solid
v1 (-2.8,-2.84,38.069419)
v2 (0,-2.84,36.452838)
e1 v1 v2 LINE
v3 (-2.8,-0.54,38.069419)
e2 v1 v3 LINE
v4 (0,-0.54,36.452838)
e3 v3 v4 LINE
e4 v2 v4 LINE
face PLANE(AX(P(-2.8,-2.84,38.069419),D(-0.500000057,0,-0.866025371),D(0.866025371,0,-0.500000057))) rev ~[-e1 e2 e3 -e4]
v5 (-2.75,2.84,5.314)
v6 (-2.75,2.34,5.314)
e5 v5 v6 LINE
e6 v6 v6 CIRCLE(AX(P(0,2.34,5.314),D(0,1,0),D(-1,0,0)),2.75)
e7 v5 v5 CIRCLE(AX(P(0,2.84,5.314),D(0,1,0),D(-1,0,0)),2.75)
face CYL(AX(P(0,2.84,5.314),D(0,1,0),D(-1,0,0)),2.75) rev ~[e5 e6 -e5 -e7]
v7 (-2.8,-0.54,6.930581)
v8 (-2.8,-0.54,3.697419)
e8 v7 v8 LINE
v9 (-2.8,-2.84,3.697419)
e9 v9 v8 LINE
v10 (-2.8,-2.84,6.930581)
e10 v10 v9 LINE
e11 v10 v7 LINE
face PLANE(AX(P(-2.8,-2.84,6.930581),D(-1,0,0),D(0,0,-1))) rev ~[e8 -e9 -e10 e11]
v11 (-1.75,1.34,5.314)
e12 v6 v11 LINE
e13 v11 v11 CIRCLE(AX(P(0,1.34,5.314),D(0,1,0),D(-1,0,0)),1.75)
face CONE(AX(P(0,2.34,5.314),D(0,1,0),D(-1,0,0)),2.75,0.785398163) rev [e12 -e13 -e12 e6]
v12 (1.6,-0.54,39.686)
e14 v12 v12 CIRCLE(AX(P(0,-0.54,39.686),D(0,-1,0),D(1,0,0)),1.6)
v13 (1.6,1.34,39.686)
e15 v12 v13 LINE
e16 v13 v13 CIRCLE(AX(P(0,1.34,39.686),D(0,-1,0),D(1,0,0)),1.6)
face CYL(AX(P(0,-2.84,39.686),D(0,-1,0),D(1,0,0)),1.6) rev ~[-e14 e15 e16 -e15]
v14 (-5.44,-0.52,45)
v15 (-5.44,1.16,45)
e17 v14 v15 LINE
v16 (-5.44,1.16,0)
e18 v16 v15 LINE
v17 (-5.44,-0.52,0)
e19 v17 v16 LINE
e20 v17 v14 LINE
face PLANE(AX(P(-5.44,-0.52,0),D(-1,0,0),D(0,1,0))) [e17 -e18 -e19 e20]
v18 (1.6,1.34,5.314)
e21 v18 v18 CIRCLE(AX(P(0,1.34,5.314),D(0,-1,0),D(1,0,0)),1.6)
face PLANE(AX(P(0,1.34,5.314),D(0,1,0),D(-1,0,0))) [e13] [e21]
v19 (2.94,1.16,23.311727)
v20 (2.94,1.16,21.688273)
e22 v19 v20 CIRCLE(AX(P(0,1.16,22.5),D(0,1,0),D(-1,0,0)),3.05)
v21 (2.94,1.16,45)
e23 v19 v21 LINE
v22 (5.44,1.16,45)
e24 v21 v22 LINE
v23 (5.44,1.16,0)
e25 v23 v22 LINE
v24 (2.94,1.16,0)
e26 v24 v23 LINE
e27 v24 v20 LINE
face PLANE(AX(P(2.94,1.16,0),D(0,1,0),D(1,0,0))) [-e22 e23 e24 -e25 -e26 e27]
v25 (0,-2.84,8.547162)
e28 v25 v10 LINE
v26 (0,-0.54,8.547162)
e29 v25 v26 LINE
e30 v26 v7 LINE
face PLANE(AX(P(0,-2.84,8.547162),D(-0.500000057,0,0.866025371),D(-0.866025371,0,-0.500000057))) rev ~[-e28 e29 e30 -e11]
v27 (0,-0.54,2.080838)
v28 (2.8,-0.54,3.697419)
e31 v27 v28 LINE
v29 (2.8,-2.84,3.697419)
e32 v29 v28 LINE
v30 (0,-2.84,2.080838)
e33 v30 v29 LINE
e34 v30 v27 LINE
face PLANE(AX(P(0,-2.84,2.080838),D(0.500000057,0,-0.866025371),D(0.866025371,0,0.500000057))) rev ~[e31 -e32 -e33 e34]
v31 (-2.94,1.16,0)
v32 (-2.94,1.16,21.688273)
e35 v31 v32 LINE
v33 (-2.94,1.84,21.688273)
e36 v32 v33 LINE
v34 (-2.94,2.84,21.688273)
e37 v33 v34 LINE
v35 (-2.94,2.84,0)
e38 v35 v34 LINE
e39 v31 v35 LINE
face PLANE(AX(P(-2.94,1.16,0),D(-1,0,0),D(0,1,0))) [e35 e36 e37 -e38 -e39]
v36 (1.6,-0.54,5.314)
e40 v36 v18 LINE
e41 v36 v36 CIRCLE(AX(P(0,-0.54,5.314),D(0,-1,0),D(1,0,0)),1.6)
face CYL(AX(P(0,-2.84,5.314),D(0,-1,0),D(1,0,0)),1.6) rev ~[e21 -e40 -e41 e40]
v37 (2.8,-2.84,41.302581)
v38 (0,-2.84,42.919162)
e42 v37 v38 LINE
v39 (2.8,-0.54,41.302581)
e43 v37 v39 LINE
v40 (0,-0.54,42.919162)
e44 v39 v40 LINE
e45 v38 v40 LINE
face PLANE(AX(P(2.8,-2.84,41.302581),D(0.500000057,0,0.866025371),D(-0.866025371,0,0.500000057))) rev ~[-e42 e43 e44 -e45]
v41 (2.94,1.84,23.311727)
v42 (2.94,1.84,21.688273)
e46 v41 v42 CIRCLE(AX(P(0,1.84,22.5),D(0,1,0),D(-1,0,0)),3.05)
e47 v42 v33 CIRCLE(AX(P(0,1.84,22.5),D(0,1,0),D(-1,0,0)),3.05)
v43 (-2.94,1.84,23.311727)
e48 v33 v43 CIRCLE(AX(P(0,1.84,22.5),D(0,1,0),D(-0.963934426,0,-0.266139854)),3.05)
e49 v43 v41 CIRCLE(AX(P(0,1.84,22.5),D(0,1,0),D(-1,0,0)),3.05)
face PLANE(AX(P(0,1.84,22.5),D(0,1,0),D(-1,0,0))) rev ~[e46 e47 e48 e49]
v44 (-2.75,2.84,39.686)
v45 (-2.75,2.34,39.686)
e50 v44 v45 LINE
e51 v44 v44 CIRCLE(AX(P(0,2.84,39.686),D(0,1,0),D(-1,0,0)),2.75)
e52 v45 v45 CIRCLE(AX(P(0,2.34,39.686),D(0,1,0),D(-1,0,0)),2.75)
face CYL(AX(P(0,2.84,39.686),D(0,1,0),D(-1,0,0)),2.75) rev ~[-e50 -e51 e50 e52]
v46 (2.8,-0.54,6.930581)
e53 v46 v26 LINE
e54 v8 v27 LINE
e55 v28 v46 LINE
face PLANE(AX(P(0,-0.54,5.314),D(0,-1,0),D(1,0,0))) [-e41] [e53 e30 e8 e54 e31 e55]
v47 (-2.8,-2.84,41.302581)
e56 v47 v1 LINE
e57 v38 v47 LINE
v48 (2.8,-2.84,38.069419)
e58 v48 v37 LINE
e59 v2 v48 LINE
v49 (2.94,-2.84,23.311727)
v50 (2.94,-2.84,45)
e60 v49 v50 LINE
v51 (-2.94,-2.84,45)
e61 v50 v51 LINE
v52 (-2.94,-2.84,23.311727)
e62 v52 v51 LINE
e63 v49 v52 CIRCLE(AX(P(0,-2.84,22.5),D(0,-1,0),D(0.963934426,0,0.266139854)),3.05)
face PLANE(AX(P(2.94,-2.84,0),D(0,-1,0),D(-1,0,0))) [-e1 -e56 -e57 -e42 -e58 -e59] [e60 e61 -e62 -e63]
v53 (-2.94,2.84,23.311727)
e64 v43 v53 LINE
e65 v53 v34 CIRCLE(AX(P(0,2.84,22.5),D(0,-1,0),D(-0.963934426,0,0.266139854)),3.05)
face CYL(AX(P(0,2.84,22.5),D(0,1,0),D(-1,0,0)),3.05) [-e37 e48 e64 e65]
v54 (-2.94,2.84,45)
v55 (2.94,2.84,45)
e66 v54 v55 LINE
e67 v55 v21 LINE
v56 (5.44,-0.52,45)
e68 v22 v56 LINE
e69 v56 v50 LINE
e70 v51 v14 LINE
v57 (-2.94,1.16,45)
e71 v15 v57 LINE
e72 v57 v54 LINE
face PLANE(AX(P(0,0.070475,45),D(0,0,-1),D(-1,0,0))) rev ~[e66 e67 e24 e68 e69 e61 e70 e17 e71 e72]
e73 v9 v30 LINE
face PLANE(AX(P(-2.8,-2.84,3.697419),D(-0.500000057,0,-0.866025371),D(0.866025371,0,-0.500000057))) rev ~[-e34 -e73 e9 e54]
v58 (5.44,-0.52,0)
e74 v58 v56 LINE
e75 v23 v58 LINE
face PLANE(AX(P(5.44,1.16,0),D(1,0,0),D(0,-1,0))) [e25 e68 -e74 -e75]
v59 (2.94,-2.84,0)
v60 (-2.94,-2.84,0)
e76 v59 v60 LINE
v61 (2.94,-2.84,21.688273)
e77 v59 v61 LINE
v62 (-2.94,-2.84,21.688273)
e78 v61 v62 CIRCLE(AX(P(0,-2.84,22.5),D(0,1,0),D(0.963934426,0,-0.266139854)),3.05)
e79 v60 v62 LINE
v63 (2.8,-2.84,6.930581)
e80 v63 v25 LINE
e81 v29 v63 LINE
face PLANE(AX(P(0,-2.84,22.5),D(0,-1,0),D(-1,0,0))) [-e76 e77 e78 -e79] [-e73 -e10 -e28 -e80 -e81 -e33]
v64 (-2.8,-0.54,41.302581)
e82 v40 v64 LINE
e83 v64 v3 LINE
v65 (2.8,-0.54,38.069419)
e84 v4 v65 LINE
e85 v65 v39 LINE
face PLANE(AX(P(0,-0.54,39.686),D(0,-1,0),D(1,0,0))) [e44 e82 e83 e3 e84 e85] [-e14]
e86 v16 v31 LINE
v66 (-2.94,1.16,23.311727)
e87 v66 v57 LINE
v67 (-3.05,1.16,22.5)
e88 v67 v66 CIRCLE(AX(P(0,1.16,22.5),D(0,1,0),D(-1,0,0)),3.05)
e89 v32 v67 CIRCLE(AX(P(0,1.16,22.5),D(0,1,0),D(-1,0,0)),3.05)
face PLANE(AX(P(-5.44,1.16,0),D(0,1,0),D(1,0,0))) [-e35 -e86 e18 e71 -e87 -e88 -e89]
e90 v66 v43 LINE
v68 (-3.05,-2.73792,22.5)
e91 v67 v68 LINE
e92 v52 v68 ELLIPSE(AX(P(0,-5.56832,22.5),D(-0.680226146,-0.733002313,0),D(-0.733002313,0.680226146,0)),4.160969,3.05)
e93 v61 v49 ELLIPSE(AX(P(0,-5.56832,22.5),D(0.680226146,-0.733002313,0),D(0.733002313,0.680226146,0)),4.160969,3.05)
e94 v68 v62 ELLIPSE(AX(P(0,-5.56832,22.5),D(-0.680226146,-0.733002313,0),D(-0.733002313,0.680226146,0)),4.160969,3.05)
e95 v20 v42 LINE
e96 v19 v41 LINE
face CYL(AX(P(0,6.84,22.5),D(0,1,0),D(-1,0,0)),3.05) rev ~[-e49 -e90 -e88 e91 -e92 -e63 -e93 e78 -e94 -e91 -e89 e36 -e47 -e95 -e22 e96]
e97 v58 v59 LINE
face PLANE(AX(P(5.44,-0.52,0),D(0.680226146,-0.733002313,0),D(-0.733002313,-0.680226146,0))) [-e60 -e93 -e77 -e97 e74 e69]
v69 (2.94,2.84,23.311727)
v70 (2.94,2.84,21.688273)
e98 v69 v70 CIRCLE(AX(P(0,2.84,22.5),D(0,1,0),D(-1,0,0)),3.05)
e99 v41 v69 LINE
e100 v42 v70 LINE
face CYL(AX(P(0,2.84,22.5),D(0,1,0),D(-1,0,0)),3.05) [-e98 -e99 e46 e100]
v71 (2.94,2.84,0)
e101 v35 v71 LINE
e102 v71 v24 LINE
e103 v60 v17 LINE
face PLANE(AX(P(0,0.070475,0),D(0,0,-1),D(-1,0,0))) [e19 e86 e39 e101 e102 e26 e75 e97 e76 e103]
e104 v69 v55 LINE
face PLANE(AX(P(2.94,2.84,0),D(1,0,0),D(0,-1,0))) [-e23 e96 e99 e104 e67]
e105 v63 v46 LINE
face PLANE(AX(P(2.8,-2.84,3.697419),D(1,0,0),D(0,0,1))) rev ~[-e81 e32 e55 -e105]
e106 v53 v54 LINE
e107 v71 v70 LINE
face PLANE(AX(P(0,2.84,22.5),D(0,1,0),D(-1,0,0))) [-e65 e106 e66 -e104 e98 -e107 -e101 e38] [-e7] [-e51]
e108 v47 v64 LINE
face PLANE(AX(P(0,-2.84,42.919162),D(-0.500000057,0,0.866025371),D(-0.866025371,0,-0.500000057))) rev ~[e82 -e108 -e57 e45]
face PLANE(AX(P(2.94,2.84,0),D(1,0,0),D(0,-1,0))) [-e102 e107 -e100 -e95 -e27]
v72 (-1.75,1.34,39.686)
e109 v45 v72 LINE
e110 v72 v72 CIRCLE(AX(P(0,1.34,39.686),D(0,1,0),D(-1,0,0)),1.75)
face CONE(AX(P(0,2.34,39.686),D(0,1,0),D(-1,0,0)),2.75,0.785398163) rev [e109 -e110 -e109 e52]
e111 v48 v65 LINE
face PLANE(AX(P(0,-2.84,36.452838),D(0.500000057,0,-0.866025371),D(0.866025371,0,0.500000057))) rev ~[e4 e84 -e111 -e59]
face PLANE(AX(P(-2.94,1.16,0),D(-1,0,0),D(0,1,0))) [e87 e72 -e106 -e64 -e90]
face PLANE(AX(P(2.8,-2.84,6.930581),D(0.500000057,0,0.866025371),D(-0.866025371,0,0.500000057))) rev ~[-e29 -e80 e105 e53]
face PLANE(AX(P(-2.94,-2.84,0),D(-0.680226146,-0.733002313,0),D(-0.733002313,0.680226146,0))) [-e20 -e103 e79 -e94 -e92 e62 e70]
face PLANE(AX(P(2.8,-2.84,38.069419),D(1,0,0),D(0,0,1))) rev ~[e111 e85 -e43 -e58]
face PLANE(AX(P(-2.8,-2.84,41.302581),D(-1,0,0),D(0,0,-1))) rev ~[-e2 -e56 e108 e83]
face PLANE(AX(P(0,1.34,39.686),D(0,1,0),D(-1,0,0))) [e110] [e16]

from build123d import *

# Parameters (mm, degrees)
PAD_DEPTH       = 45
SKETCH001_R     = 1.6
POCKET_DEPTH    = 5.68
SKETCH002_R     = 2.4
SKETCH002_R_2   = 1.6
PAD001_DEPTH    = 4
SKETCH003_R     = 1.6
POCKET001_DEPTH = 2.4
PAD002_DEPTH    = 2.4
SKETCH004_R     = 3.05
POCKET002_DEPTH = 9.68
SKETCH005_R     = 3.05
PAD003_DEPTH    = 1
SKETCH006_R     = 1.6
POCKET003_DEPTH = 5.681
POCKET004_DEPTH = 2.3
SKETCH008_R     = 2.75
POCKET005_DEPTH = 1.5
CHAMFER_SIZE    = 1


with BuildPart() as part:
    # Sketch → Pad (new body)
    with BuildSketch(Plane.XY):
        Polygon((2.94, -2.84), (-2.94, -2.84), (-5.44, -0.52), (-5.44, 1.16), (-2.94, 1.16), (-2.94, 2.84), (2.94, 2.84), (2.94, 1.16), (5.44, 1.16), (5.44, -0.52), align=None)
    extrude(amount=PAD_DEPTH)

    # Sketch001 (on Face6 of Pad) → Pocket (cut)
    with BuildSketch(Plane(origin=(0, 2.84, 0), x_dir=(-1, 0, 0), z_dir=(0, 1, 0))):
        with Locations((0, 22.5)):
            Circle(SKETCH001_R)
    extrude(amount=-POCKET_DEPTH, mode=Mode.SUBTRACT)

    # Sketch002 (on Face11 of Pocket) → Pad001 (join)
    with BuildSketch(Plane(origin=(0, 2.84, 0), x_dir=(-1, 0, 0), z_dir=(0, 1, 0))):
        with Locations((0, 22.5)):
            Circle(SKETCH002_R)
        with Locations((0, 22.5)):
            Circle(SKETCH002_R_2, mode=Mode.SUBTRACT)
    extrude(amount=PAD001_DEPTH)

    # Sketch003 (on Face1 of Pad001) → Pocket001 (cut)
    with BuildSketch(Plane.XZ.offset(2.84)):
        Polygon((0, 19.186009), (2.87, 20.843005), (2.87, 24.156995), (0, 25.813991), (-2.87, 24.156995), (-2.87, 20.843005), align=None)
        with Locations((0, 22.5)):
            Circle(SKETCH003_R, mode=Mode.SUBTRACT)
    extrude(amount=-POCKET001_DEPTH, mode=Mode.SUBTRACT)

    # Pocket001 Face19 → Pad002 (add)
    with BuildSketch(Plane(origin=(0, -0.44, 22.5), x_dir=(-1, 0, 0), z_dir=(0, -1, 0))):
        Polygon((0, 3.313991), (-2.87, 1.656995), (-2.87, -1.656995), (0, -3.313991), (2.87, -1.656995), (2.87, 1.656995), align=None)
        with BuildLine():
            ThreePointArc((1.6, 0), (0, -1.6), (-1.6, 0))
            ThreePointArc((-1.6, 0), (0, 1.6), (1.6, 0))
        make_face(mode=Mode.SUBTRACT)
    extrude(amount=PAD002_DEPTH)

    # Sketch004 (on Face16 of Pad001) → Pocket002 (cut)
    with BuildSketch(Plane(origin=(0, 6.84, 0), x_dir=(-1, 0, 0), z_dir=(0, 1, 0))):
        with Locations((0, 22.5)):
            Circle(SKETCH004_R)
    extrude(amount=-POCKET002_DEPTH, mode=Mode.SUBTRACT)

    # Sketch005 (on Face12 of Pocket002) → Pad003 (join)
    with BuildSketch(Plane(origin=(0, 2.84, 0), x_dir=(-1, 0, 0), z_dir=(0, 1, 0))):
        with Locations((0, 22.5)):
            Circle(SKETCH005_R)
    extrude(amount=-PAD003_DEPTH)

    # Sketch006 (on Face17 of Pad003) → Pocket003 (cut, through all)
    with BuildSketch(Plane.XZ.offset(2.84)):
        with Locations((0, 39.686)):
            Circle(SKETCH006_R)
        with Locations((0, 5.314)):
            Circle(SKETCH006_R)
    extrude(amount=-POCKET003_DEPTH, mode=Mode.SUBTRACT)

    # Sketch007 (on Face1 of Pocket003) → Pocket004 (cut)
    with BuildSketch(Plane.XZ.offset(2.84)):
        Polygon((0, 36.452838), (2.8, 38.069419), (2.8, 41.302581), (0, 42.919162), (-2.8, 41.302581), (-2.8, 38.069419), align=None)
        Polygon((0, 2.080838), (2.8, 3.697419), (2.8, 6.930581), (0, 8.547162), (-2.8, 6.930581), (-2.8, 3.697419), align=None)
    extrude(amount=-POCKET004_DEPTH, mode=Mode.SUBTRACT)

    # Sketch008 (on Face41 of Pocket004) → Pocket005 (cut)
    with BuildSketch(Plane(origin=(0, 2.84, 0), x_dir=(-1, 0, 0), z_dir=(0, 1, 0))):
        with Locations((0, 39.686)):
            Circle(SKETCH008_R)
        with Locations((0, 5.314)):
            Circle(SKETCH008_R)
    extrude(amount=-POCKET005_DEPTH, mode=Mode.SUBTRACT)

    # Chamfer
    chamfer_edges = [part.edges().sort_by_distance(p)[0] for p in [
        (2.75, 1.34, 5.314),
        (2.75, 1.34, 39.686),
    ]]
    chamfer(chamfer_edges, length=CHAMFER_SIZE)


solid = part.part
